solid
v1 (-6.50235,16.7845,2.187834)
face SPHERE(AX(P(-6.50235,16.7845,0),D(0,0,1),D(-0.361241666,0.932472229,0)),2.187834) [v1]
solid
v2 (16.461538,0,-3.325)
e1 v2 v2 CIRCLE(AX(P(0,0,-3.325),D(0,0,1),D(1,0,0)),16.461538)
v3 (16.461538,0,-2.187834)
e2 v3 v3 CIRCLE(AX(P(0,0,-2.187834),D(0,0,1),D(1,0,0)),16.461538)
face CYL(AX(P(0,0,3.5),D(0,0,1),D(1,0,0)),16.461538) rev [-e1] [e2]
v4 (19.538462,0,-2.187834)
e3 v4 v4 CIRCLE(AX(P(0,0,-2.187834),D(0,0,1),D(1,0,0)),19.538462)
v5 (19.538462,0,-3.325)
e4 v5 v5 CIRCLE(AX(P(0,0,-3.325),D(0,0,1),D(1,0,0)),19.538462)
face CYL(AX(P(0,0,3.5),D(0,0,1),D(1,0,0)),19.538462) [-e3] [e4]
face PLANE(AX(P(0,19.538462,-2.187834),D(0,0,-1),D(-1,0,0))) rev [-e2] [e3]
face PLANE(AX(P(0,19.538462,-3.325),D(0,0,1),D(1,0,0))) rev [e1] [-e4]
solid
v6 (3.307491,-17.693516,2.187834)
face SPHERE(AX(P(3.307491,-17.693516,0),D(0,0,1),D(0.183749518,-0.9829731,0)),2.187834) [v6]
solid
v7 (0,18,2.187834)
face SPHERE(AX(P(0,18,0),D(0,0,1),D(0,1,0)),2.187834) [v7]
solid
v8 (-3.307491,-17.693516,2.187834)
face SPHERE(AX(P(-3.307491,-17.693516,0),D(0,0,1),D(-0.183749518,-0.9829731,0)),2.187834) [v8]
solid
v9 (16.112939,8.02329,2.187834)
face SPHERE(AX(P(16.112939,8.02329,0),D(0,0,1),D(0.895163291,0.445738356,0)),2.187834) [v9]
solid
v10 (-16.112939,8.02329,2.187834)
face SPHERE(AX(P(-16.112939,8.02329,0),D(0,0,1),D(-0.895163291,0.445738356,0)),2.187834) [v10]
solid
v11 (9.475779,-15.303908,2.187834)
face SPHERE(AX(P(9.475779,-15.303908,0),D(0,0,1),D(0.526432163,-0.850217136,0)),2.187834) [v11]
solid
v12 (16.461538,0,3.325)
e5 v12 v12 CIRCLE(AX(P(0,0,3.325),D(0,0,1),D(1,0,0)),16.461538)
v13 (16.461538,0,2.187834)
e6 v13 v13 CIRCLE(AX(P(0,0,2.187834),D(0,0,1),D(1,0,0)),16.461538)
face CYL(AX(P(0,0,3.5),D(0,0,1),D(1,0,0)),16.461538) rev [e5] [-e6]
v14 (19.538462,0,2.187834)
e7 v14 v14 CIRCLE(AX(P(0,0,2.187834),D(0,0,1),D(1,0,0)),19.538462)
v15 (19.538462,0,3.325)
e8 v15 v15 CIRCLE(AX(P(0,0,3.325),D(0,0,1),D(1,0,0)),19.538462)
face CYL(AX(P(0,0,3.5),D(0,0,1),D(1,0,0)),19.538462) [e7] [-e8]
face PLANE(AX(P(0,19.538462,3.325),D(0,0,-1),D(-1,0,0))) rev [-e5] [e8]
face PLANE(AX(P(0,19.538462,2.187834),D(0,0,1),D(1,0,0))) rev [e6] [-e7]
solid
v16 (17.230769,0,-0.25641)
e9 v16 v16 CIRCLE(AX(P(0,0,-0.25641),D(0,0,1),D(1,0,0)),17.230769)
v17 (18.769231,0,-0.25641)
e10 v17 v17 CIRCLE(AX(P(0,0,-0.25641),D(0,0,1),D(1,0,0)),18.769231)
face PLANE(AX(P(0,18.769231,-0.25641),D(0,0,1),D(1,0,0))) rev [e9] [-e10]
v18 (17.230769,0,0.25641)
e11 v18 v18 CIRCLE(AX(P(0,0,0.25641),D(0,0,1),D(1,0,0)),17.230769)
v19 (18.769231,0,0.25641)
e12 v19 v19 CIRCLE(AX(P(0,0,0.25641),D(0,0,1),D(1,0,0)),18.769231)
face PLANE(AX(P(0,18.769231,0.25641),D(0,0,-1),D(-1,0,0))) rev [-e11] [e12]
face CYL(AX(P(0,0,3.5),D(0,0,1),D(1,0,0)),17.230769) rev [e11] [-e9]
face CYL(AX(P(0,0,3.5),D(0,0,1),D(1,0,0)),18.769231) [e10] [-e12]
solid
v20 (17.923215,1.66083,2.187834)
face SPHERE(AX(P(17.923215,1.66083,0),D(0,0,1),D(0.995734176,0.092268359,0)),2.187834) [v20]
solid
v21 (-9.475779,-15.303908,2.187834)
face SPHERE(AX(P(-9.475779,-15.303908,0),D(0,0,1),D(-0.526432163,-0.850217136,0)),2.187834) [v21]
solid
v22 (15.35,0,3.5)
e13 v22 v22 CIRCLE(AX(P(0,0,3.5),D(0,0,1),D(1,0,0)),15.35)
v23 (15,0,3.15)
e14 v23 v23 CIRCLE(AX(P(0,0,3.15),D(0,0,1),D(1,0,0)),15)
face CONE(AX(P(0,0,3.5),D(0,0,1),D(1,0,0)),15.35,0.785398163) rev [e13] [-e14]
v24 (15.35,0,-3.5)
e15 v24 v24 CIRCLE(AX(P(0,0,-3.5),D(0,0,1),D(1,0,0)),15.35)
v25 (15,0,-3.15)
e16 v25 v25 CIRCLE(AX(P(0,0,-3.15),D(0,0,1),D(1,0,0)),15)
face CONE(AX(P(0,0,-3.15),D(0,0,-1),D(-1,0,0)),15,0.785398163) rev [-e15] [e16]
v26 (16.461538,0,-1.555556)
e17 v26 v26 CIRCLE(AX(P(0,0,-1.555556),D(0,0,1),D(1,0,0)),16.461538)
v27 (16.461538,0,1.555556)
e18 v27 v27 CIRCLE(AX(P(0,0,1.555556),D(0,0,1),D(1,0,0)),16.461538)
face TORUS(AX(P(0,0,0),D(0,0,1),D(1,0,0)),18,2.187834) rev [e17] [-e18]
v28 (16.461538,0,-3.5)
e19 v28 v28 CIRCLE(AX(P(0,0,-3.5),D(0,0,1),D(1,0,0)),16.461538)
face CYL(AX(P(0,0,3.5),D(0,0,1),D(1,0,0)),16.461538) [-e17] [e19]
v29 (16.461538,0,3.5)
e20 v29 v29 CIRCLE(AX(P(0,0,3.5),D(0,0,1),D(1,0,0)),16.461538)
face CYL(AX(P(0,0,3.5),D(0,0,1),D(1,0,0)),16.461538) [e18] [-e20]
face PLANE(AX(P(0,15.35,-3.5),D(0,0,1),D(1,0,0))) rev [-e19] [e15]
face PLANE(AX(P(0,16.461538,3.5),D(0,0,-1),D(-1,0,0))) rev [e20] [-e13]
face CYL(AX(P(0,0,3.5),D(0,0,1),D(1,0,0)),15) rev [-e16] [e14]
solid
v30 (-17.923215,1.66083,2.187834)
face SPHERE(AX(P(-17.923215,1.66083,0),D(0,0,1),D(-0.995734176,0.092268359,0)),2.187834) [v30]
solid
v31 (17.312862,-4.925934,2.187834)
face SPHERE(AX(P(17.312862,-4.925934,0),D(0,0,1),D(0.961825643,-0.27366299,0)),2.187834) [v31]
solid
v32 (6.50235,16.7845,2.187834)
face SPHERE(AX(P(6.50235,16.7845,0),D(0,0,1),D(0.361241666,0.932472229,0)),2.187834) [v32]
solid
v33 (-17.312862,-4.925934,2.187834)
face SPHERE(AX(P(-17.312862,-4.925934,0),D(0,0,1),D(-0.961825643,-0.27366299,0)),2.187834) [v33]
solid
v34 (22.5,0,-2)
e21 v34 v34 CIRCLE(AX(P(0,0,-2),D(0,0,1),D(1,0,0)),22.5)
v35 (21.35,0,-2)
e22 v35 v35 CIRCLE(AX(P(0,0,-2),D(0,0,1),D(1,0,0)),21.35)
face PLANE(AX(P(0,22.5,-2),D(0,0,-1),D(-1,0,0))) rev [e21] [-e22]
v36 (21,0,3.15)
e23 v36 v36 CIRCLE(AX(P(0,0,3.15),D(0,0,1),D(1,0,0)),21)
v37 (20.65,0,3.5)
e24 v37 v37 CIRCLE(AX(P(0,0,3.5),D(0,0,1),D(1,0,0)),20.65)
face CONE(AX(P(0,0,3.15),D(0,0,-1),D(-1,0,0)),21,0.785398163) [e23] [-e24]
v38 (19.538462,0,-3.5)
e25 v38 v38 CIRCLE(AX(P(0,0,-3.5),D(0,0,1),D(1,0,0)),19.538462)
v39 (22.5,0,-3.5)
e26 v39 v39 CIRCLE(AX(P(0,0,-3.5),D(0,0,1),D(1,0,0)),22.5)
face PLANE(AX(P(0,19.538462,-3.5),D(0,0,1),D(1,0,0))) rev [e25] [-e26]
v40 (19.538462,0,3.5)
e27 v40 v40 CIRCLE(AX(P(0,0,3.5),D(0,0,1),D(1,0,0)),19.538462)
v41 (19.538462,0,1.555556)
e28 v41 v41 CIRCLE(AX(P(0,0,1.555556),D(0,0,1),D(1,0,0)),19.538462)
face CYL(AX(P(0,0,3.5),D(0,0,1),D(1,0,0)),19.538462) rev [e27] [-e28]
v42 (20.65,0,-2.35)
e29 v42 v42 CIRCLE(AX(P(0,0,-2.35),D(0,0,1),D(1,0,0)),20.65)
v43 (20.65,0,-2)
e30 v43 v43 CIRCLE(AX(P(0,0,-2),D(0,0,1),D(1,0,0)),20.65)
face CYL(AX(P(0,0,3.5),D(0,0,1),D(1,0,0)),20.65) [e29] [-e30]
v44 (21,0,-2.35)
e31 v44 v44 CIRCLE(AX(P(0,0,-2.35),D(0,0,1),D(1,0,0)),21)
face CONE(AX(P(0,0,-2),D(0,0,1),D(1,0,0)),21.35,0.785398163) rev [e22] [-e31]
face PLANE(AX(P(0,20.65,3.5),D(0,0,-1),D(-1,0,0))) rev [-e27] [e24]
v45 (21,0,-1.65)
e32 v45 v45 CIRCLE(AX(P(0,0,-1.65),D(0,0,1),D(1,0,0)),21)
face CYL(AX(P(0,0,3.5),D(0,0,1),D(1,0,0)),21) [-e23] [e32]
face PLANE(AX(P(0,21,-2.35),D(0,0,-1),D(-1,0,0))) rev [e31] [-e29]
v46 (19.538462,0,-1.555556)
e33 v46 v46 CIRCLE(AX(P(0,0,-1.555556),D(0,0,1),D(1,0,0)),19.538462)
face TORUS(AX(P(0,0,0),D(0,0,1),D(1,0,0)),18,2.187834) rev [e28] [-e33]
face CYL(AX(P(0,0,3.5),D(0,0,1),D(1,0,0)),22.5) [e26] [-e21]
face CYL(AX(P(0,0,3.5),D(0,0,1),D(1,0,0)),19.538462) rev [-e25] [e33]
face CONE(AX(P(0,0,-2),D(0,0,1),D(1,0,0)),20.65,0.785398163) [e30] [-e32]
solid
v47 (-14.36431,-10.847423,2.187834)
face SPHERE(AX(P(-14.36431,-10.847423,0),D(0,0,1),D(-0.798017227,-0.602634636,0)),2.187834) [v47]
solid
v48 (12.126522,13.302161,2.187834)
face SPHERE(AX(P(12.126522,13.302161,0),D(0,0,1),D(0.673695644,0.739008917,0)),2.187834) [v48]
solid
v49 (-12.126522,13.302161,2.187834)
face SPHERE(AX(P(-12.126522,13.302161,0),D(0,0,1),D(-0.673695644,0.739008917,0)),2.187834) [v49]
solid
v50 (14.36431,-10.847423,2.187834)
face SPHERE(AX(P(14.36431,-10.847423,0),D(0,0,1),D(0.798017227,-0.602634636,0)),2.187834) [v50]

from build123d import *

# Parameters (mm, degrees)
SKETCH6_W         = 0.512820512
SKETCH6_H         = 1.538461538
CIRPATTERN1_COUNT = 17
SKETCH5_W         = 1.137166142
SKETCH5_H         = 3.076923076


with BuildPart() as part:
    # Sketch7 → Revolve7 (revolve)
    with BuildSketch(Plane(origin=(0, 0, 0), x_dir=(0, 0, -1), z_dir=(1, 0, 0))):
        with BuildLine():
            Line((3.5, 22.5), (2, 22.5))
            Line((2, 22.5), (2, 21.35))
            Line((2, 21.35), (2.35, 21))
            Line((2.35, 21), (2.35, 20.65))
            Line((2.35, 20.65), (2, 20.65))
            Line((2, 20.65), (1.65, 21))
            Line((1.65, 21), (-3.15, 21))
            Line((-3.15, 21), (-3.5, 20.65))
            Line((-3.5, 20.65), (-3.5, 19.538461538))
            Line((-3.5, 19.538461538), (-1.555555556, 19.538461538))
            ThreePointArc((-1.555555556, 19.538461538), (0, 20.187833858), (1.555555556, 19.538461538))
            Line((1.555555556, 19.538461538), (3.5, 19.538461538))
            Line((3.5, 19.538461538), (3.5, 20.65))
            Line((3.5, 20.65), (3.5, 22.5))
        make_face()
    revolve(axis=Axis((0, 0, 3.5), (0, 0, -1)))


with BuildPart() as body_2:
    # Sketch3 → Revolve3 (revolve)
    with BuildSketch(Plane(origin=(0, 0, 0), x_dir=(0, 0, -1), z_dir=(1, 0, 0))):
        with BuildLine():
            Line((-3.5, 16.461538462), (-1.555555556, 16.461538462))
            ThreePointArc((-1.555555556, 16.461538462), (0, 15.812166142), (1.555555556, 16.461538462))
            Line((1.555555556, 16.461538462), (3.5, 16.461538462))
            Line((3.5, 16.461538462), (3.5, 15.35))
            Line((3.5, 15.35), (3.15, 15))
            Line((3.15, 15), (-3.15, 15))
            Line((-3.15, 15), (-3.5, 15.35))
            Line((-3.5, 15.35), (-3.5, 16.461538462))
        make_face()
    revolve(axis=Axis((0, 0, 3.5), (0, 0, -1)))


with BuildPart() as body_3:
    # Sketch6 → Revolve6 (revolve)
    with BuildSketch(Plane(origin=(0, 0, 0), x_dir=(0, 0, -1), z_dir=(1, 0, 0))):
        with Locations((0, 18)):
            Rectangle(SKETCH6_W, SKETCH6_H)
    revolve(axis=Axis((0, 0, 3.5), (0, 0, -1)))


with BuildPart() as body_4:
    # Sketch4 → Revolve4 (revolve)
    with BuildSketch(Plane(origin=(0, 0, 0), x_dir=(0, 0, -1), z_dir=(1, 0, 0))):
        with BuildLine():
            Line((-2.187833858, 18), (2.187833858, 18))
            ThreePointArc((2.187833858, 18), (0, 20.187833858), (-2.187833858, 18))
        make_face()
    revolve(axis=Axis((0, 18, 2.187833858), (0, 0, -1)))


with BuildPart() as cirpattern1_1:
    # CirPattern1: pattern copy
    add(body_4.part.rotate(Axis((0, 0, -3.5), (0, 0, 1)), 1 * 360 / CIRPATTERN1_COUNT))


with BuildPart() as cirpattern1_2:
    # CirPattern1: pattern copy
    add(body_4.part.rotate(Axis((0, 0, -3.5), (0, 0, 1)), 2 * 360 / CIRPATTERN1_COUNT))


with BuildPart() as cirpattern1_3:
    # CirPattern1: pattern copy
    add(body_4.part.rotate(Axis((0, 0, -3.5), (0, 0, 1)), 3 * 360 / CIRPATTERN1_COUNT))


with BuildPart() as cirpattern1_4:
    # CirPattern1: pattern copy
    add(body_4.part.rotate(Axis((0, 0, -3.5), (0, 0, 1)), 4 * 360 / CIRPATTERN1_COUNT))


with BuildPart() as cirpattern1_5:
    # CirPattern1: pattern copy
    add(body_4.part.rotate(Axis((0, 0, -3.5), (0, 0, 1)), 5 * 360 / CIRPATTERN1_COUNT))


with BuildPart() as cirpattern1_6:
    # CirPattern1: pattern copy
    add(body_4.part.rotate(Axis((0, 0, -3.5), (0, 0, 1)), 6 * 360 / CIRPATTERN1_COUNT))


with BuildPart() as cirpattern1_7:
    # CirPattern1: pattern copy
    add(body_4.part.rotate(Axis((0, 0, -3.5), (0, 0, 1)), 7 * 360 / CIRPATTERN1_COUNT))


with BuildPart() as cirpattern1_8:
    # CirPattern1: pattern copy
    add(body_4.part.rotate(Axis((0, 0, -3.5), (0, 0, 1)), 8 * 360 / CIRPATTERN1_COUNT))


with BuildPart() as cirpattern1_9:
    # CirPattern1: pattern copy
    add(body_4.part.rotate(Axis((0, 0, -3.5), (0, 0, 1)), 9 * 360 / CIRPATTERN1_COUNT))


with BuildPart() as cirpattern1_10:
    # CirPattern1: pattern copy
    add(body_4.part.rotate(Axis((0, 0, -3.5), (0, 0, 1)), 10 * 360 / CIRPATTERN1_COUNT))


with BuildPart() as cirpattern1_11:
    # CirPattern1: pattern copy
    add(body_4.part.rotate(Axis((0, 0, -3.5), (0, 0, 1)), 11 * 360 / CIRPATTERN1_COUNT))


with BuildPart() as cirpattern1_12:
    # CirPattern1: pattern copy
    add(body_4.part.rotate(Axis((0, 0, -3.5), (0, 0, 1)), 12 * 360 / CIRPATTERN1_COUNT))


with BuildPart() as cirpattern1_13:
    # CirPattern1: pattern copy
    add(body_4.part.rotate(Axis((0, 0, -3.5), (0, 0, 1)), 13 * 360 / CIRPATTERN1_COUNT))


with BuildPart() as cirpattern1_14:
    # CirPattern1: pattern copy
    add(body_4.part.rotate(Axis((0, 0, -3.5), (0, 0, 1)), 14 * 360 / CIRPATTERN1_COUNT))


with BuildPart() as cirpattern1_15:
    # CirPattern1: pattern copy
    add(body_4.part.rotate(Axis((0, 0, -3.5), (0, 0, 1)), 15 * 360 / CIRPATTERN1_COUNT))


with BuildPart() as cirpattern1_16:
    # CirPattern1: pattern copy
    add(body_4.part.rotate(Axis((0, 0, -3.5), (0, 0, 1)), 16 * 360 / CIRPATTERN1_COUNT))


with BuildPart() as body_21:
    # Sketch5 → Revolve5 (revolve)
    with BuildSketch(Plane(origin=(0, 0, 0), x_dir=(0, 0, -1), z_dir=(1, 0, 0))):
        with Locations((-2.756416929, 18)):
            Rectangle(SKETCH5_W, SKETCH5_H)
        with Locations((2.756416929, 18)):
            Rectangle(SKETCH5_W, SKETCH5_H)
    revolve(axis=Axis((0, 0, 3.5), (0, 0, -1)))


solid = Compound([part.part, body_2.part, body_3.part, body_4.part, cirpattern1_1.part, cirpattern1_2.part, cirpattern1_3.part, cirpattern1_4.part, cirpattern1_5.part, cirpattern1_6.part, cirpattern1_7.part, cirpattern1_8.part, cirpattern1_9.part, cirpattern1_10.part, cirpattern1_11.part, cirpattern1_12.part, cirpattern1_13.part, cirpattern1_14.part, cirpattern1_15.part, cirpattern1_16.part, body_21.part])
